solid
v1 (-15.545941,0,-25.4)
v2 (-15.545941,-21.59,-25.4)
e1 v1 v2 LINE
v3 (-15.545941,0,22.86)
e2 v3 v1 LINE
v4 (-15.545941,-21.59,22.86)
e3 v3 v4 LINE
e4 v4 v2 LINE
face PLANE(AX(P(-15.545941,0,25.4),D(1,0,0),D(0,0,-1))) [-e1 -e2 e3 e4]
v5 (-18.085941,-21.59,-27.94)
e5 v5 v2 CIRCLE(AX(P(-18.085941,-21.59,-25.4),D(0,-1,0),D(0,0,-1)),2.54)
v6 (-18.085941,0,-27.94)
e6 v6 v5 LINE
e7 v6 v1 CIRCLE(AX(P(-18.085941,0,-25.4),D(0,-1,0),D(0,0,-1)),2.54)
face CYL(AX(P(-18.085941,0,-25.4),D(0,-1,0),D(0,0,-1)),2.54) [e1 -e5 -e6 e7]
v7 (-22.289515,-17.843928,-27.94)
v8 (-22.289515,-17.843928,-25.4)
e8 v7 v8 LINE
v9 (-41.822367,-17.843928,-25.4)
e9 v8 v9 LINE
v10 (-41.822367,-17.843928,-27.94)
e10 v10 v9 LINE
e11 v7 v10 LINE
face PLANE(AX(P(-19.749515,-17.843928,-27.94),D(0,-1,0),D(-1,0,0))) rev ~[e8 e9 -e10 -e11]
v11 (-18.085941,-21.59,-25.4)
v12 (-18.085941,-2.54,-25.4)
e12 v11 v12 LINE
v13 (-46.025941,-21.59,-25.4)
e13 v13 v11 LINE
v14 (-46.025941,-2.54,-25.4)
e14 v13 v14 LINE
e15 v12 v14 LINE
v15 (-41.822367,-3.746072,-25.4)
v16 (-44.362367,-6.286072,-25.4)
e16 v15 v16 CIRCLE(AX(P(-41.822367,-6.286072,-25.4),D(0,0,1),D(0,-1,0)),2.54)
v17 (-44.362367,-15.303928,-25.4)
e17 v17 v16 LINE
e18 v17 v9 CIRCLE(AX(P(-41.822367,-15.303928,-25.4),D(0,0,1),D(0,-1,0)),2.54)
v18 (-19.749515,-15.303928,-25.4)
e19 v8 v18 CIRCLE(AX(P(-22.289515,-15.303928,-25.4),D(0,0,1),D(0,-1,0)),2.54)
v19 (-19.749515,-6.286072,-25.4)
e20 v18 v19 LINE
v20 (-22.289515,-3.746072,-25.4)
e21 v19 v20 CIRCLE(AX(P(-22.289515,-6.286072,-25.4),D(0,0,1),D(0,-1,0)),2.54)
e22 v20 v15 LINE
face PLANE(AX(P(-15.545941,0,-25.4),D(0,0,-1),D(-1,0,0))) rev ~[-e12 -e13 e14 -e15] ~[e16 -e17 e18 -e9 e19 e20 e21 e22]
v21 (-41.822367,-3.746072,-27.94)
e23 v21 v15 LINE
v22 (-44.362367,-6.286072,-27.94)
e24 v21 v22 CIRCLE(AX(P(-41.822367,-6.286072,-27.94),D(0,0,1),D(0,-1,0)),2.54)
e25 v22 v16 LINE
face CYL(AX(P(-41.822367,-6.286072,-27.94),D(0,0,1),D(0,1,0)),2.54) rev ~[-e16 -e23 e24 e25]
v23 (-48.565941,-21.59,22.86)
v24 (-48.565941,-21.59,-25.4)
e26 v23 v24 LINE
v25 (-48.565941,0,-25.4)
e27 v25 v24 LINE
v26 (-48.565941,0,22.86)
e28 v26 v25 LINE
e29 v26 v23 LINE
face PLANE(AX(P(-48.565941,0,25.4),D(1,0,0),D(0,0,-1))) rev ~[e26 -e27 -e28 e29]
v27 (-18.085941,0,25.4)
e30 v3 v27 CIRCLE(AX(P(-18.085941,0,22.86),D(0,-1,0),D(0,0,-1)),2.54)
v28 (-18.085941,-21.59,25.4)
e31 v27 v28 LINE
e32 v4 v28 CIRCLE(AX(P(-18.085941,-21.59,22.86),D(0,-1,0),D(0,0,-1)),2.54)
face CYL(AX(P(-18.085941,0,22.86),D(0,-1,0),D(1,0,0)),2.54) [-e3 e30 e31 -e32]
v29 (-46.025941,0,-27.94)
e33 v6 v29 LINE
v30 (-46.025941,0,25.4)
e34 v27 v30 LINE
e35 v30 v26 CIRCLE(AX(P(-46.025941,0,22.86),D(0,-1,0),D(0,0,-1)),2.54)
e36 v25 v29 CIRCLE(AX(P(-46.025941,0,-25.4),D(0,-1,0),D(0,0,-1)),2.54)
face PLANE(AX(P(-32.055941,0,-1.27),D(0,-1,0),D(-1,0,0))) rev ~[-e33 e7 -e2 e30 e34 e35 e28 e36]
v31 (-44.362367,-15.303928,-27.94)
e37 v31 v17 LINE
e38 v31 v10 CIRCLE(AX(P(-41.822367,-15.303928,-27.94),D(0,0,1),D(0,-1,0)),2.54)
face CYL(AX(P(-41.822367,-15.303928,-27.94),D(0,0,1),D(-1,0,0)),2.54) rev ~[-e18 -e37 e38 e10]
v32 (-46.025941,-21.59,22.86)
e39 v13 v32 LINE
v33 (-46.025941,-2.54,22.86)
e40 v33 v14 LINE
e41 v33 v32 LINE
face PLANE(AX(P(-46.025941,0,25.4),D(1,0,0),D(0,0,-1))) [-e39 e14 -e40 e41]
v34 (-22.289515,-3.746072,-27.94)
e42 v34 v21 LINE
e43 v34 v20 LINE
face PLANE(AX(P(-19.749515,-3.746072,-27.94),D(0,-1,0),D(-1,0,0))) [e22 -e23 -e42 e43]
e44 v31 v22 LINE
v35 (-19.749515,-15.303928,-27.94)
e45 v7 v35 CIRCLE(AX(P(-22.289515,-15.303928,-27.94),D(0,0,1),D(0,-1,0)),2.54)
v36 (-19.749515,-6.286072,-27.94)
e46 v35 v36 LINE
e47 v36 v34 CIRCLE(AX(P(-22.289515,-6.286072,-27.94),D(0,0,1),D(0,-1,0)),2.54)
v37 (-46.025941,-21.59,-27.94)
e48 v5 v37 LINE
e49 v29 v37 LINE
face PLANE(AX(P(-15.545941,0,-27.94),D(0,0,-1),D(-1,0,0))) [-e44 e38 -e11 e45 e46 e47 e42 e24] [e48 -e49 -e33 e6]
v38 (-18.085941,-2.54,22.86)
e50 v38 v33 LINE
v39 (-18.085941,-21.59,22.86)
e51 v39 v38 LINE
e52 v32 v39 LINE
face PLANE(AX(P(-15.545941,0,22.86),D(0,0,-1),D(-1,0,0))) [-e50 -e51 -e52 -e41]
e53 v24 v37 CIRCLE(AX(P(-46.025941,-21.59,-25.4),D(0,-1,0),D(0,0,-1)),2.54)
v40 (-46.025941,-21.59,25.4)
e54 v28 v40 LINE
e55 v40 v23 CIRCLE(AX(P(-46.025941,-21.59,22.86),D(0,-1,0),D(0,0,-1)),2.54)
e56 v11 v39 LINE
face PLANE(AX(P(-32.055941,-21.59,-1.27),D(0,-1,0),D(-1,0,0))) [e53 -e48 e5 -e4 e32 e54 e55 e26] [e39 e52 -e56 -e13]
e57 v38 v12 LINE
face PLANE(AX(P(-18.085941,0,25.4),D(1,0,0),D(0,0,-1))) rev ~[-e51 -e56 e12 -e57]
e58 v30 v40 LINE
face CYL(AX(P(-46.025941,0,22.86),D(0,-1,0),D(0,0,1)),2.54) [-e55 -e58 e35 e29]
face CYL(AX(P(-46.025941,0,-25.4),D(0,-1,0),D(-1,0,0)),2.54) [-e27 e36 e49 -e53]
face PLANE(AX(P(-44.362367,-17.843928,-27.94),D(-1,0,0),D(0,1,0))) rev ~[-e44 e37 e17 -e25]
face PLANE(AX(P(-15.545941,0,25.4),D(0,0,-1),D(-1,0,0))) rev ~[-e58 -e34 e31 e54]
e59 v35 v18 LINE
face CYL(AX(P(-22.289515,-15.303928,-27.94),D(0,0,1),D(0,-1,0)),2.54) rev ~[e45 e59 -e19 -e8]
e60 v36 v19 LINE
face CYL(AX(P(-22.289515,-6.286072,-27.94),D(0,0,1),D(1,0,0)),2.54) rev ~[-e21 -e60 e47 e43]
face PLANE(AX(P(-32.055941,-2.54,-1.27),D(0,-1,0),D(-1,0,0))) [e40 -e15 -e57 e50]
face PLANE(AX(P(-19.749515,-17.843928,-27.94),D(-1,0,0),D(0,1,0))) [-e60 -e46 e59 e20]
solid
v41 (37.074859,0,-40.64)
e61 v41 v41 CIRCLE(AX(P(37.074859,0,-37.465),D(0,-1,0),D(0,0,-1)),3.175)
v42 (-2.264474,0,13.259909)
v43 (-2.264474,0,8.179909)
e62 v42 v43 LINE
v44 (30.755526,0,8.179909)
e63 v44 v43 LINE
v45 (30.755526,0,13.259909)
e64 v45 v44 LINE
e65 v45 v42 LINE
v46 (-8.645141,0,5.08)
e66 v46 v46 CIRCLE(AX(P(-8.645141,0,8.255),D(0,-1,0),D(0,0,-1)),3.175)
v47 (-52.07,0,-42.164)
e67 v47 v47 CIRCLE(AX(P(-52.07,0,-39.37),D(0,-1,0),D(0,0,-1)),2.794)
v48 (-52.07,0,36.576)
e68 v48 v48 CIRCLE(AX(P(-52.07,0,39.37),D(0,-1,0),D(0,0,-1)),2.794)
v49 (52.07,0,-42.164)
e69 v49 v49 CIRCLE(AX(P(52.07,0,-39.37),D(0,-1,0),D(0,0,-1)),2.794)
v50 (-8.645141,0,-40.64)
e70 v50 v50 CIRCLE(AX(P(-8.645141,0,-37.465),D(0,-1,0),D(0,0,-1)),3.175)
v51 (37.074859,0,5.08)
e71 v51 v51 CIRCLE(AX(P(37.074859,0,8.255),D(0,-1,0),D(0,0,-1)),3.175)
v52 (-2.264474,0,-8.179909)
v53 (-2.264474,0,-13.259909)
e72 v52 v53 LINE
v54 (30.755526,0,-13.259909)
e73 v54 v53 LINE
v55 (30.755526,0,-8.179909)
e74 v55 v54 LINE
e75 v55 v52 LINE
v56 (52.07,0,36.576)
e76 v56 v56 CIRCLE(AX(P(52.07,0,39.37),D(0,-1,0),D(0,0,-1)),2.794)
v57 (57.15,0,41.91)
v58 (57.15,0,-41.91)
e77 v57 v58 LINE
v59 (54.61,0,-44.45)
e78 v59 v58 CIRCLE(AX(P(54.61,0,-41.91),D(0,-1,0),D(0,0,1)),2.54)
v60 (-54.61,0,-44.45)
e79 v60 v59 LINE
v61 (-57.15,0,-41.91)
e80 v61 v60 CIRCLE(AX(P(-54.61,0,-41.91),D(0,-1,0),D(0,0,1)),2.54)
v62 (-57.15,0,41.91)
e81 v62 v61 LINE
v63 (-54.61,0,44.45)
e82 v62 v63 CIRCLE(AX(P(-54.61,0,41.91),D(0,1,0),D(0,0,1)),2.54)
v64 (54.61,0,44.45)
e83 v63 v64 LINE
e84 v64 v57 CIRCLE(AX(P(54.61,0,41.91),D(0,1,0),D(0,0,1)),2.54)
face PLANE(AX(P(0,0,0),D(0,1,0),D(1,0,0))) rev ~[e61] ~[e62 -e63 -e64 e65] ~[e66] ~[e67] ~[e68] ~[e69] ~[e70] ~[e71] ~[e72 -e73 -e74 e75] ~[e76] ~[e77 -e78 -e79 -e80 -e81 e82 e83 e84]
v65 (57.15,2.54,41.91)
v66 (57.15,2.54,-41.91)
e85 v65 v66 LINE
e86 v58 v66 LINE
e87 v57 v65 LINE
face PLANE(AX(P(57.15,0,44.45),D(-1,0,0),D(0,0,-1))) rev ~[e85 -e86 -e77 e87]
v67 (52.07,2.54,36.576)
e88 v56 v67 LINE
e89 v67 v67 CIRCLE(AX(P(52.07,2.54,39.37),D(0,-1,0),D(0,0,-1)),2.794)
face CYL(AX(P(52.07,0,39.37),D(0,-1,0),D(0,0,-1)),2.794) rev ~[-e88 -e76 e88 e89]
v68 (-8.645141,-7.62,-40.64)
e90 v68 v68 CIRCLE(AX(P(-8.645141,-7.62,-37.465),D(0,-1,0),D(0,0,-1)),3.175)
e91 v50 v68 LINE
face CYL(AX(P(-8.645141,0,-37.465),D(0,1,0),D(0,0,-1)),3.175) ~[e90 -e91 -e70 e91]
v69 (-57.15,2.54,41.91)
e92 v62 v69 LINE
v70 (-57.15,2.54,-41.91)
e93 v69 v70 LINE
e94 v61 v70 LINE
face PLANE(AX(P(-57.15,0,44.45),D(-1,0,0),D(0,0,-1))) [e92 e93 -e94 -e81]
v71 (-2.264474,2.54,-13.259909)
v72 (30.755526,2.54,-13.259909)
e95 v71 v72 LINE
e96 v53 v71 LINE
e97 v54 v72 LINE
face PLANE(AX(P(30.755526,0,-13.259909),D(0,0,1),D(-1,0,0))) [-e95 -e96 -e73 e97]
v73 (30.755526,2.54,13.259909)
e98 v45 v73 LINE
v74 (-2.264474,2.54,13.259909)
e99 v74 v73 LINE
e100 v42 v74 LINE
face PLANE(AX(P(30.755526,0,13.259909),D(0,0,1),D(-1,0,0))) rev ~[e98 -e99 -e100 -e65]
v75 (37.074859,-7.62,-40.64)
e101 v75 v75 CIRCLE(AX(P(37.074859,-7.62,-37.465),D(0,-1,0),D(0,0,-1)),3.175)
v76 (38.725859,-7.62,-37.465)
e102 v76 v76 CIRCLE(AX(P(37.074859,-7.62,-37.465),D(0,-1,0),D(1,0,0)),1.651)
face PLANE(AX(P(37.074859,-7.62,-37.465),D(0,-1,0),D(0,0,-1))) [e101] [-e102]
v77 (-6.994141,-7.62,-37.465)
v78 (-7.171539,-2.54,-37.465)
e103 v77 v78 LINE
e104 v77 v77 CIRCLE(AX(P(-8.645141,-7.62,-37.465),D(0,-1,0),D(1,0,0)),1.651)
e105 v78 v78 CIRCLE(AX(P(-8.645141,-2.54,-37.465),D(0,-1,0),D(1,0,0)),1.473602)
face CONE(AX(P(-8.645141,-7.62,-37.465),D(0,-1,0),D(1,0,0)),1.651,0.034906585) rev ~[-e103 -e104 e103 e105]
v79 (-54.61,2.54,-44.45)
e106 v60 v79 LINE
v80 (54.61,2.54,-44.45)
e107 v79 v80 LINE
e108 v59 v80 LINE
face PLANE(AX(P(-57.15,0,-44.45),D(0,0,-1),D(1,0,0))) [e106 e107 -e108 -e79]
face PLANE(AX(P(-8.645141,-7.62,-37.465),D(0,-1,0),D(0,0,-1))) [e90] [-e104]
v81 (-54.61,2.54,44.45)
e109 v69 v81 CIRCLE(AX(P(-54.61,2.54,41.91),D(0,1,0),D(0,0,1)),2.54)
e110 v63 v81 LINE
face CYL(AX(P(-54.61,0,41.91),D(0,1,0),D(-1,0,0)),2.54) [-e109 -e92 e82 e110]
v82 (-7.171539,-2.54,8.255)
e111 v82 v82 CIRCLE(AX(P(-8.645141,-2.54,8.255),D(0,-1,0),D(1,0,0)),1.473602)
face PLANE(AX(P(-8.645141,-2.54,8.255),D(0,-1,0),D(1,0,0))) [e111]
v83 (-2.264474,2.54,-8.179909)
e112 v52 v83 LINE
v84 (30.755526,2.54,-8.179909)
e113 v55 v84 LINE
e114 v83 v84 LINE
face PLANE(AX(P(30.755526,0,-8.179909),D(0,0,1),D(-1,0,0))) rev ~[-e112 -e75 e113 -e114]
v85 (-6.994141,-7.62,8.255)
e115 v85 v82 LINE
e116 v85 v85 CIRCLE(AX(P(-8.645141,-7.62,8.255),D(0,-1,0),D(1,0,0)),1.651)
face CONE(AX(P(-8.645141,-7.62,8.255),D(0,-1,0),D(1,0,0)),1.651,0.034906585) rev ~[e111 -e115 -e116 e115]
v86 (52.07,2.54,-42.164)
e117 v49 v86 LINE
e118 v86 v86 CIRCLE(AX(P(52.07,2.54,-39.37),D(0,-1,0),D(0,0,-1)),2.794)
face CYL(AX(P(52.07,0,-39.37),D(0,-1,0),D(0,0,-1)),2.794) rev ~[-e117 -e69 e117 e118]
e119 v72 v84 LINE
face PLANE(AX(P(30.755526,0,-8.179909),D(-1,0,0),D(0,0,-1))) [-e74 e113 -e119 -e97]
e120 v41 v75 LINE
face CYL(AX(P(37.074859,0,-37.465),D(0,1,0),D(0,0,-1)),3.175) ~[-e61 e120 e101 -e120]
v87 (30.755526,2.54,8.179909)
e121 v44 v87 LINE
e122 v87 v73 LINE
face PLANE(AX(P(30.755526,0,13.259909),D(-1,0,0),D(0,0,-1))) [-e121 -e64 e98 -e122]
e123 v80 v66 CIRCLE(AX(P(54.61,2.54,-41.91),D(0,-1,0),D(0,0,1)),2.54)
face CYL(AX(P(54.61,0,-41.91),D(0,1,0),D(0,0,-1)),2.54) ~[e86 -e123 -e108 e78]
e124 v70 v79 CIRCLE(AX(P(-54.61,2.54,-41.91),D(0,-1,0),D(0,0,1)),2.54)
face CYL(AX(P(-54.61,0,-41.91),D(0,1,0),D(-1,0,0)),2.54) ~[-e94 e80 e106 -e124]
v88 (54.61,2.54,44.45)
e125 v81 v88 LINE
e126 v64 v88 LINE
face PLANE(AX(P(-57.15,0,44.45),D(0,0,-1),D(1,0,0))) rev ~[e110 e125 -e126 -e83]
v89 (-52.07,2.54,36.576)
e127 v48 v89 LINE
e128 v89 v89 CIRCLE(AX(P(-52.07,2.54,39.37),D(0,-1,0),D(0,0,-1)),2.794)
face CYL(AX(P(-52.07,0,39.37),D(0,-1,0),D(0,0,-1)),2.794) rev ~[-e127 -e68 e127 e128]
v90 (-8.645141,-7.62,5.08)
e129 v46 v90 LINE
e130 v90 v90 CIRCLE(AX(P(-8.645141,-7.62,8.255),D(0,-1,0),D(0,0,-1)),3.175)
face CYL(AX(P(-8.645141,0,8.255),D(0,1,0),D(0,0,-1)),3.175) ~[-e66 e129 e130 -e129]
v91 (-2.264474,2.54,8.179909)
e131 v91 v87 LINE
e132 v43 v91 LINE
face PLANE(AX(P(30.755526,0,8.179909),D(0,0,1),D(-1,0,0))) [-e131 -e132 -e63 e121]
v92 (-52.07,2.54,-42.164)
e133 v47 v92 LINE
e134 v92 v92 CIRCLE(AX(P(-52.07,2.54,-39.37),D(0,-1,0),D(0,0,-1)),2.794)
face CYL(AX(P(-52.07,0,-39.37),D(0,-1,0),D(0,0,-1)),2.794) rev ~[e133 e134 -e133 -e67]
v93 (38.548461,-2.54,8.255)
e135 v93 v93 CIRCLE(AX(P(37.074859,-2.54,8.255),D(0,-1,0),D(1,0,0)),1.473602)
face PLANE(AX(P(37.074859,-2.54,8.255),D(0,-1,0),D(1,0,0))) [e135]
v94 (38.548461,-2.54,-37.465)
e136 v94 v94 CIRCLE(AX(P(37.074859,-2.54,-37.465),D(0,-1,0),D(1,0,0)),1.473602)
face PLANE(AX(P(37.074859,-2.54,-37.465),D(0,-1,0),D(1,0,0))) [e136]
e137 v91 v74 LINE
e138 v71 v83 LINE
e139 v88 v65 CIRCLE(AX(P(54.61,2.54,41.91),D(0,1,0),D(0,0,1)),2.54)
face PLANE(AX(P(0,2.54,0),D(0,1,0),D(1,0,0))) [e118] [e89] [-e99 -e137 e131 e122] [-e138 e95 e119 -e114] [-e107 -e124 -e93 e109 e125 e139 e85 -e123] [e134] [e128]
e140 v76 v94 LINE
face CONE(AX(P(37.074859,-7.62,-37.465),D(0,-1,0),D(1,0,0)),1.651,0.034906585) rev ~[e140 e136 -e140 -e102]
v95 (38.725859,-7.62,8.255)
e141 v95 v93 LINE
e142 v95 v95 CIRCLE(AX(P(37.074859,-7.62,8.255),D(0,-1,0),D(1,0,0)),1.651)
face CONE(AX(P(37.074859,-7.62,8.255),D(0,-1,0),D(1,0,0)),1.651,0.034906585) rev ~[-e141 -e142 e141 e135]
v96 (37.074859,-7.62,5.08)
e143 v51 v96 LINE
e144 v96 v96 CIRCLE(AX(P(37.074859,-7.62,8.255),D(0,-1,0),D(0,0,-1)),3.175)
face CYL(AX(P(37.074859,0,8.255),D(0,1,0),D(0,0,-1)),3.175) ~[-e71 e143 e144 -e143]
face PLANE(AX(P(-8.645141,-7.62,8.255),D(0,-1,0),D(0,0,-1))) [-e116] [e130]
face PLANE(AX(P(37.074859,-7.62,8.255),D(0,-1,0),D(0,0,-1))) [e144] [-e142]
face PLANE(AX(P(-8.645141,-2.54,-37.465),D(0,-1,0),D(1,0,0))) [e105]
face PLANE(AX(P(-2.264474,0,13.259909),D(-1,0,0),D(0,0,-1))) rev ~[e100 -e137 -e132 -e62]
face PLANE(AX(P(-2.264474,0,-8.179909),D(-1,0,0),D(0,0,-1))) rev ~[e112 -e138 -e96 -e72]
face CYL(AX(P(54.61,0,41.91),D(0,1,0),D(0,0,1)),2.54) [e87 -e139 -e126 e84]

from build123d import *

# Parameters (mm, degrees)
SKETCH1_W                    = 114.3
SKETCH1_H                    = 88.9
BOSS_EXTRUDE2_DEPTH          = 2.54
SKETCH2_R                    = 2.794
CUT_EXTRUDE1_DEPTH           = 5.08
SKETCH9_W                    = 33.02
SKETCH9_H                    = 5.08
CUT_EXTRUDE5_DEPTH           = 6.35
SKETCH8_W                    = 33.02
SKETCH8_H                    = 53.34
BOSS_EXTRUDE4_DEPTH          = 21.59
SHELL4_T                     = -2.54
SKETCH13_W                   = 24.612851837
SKETCH13_H                   = 14.097856124
CUT_EXTRUDE6_DEPTH           = 5.08
FILLET5_R                    = 2.54
FILLET6_R                    = 2.54
FILLET7_R                    = 2.54
FILLET8_R                    = 2.54
FILLET1_R                    = 2.54
FILLET2_R                    = 2.54
FILLET3_R                    = 2.54
FILLET4_R                    = 2.54
FILLET9_R                    = 2.54
FILLET10_R                   = 2.54
FILLET11_R                   = 2.54
FILLET12_R                   = 2.54
SKETCH17_R                   = 3.175
BOSS_EXTRUDE5_DEPTH          = 7.62
SKETCH18_R                   = 1.651
CUT_EXTRUDE7_DEPTH           = 5.08
CUT_EXTRUDE7_DRAFT           = -2
CUT_EXTRUDE7_PROFILE_2_DEPTH = 5.08
CUT_EXTRUDE7_PROFILE_2_DRAFT = -2
CUT_EXTRUDE7_PROFILE_3_DEPTH = 5.08
CUT_EXTRUDE7_PROFILE_3_DRAFT = -2
CUT_EXTRUDE7_PROFILE_4_DEPTH = 5.08
CUT_EXTRUDE7_PROFILE_4_DRAFT = -2


with BuildPart() as part:
    # Sketch1 → Boss-Extrude2 (new body)
    with BuildSketch(Plane(origin=(0, 0, 0), x_dir=(1, 0, 0), z_dir=(0, 1, 0))):
        Rectangle(SKETCH1_W, SKETCH1_H)
    extrude(amount=BOSS_EXTRUDE2_DEPTH)

    # Sketch2 → Cut-Extrude1 (cut)
    with BuildSketch(Plane(origin=(0, 0, 0), x_dir=(-1, 0, 0), z_dir=(0, -1, 0))):
        with Locations(Location((52.07, 39.37, 0), (0, 0, 90))):
            Circle(SKETCH2_R)
        with Locations(Location((52.07, -39.37, 0), (0, 0, 90))):
            Circle(SKETCH2_R)
        with Locations(Location((-52.07, -39.37, 0), (0, 0, 90))):
            Circle(SKETCH2_R)
        with Locations(Location((-52.07, 39.37, 0), (0, 0, 90))):
            Circle(SKETCH2_R)
    extrude(amount=-CUT_EXTRUDE1_DEPTH, mode=Mode.SUBTRACT)

    # Sketch9 → Cut-Extrude5 (cut)
    with BuildSketch(Plane(origin=(0, 0, 0), x_dir=(-1, 0, 0), z_dir=(0, -1, 0))):
        with Locations((-14.245526461, -10.719909337)):
            Rectangle(SKETCH9_W, SKETCH9_H)
        with Locations((-14.245526461, 10.719909337)):
            Rectangle(SKETCH9_W, SKETCH9_H)
    extrude(amount=-CUT_EXTRUDE5_DEPTH, mode=Mode.SUBTRACT)

    # Fillet1
    fillet1_edges = [part.edges().sort_by_distance(p)[0] for p in [
        (57.15, 1.27, 44.45),
    ]]
    fillet(fillet1_edges, radius=FILLET1_R)

    # Fillet2
    fillet2_edges = [part.edges().sort_by_distance(p)[0] for p in [
        (-57.15, 1.27, -44.45),
    ]]
    fillet(fillet2_edges, radius=FILLET2_R)

    # Fillet3
    fillet3_edges = [part.edges().sort_by_distance(p)[0] for p in [
        (-57.15, 1.27, 44.45),
    ]]
    fillet(fillet3_edges, radius=FILLET3_R)

    # Fillet4
    fillet4_edges = [part.edges().sort_by_distance(p)[0] for p in [
        (57.15, 1.27, -44.45),
    ]]
    fillet(fillet4_edges, radius=FILLET4_R)

    # Sketch17 → Boss-Extrude5 (add)
    with BuildSketch(Plane(origin=(0, 0, 0), x_dir=(-1, 0, 0), z_dir=(0, -1, 0))):
        with Locations(Location((8.645141255, -8.255, 0), (0, 0, 90))):
            Circle(SKETCH17_R)
        with Locations(Location((8.645141255, 37.465, 0), (0, 0, 90))):
            Circle(SKETCH17_R)
        with Locations(Location((-37.074858745, 37.465, 0), (0, 0, 90))):
            Circle(SKETCH17_R)
        with Locations(Location((-37.074858745, -8.255, 0), (0, 0, 90))):
            Circle(SKETCH17_R)
    extrude(amount=BOSS_EXTRUDE5_DEPTH)


with BuildPart() as body_2:
    # Sketch8 → Boss-Extrude4 (new body)
    with BuildSketch(Plane(origin=(0, 0, 0), x_dir=(-1, 0, 0), z_dir=(0, -1, 0))):
        with Locations((32.055940653, 1.27)):
            Rectangle(SKETCH8_W, SKETCH8_H)
    extrude(amount=BOSS_EXTRUDE4_DEPTH)

    # Shell4
    shell4_openings = [body_2.faces().sort_by_distance(p)[0] for p in [
        (-32.055940653, -21.59, -1.27),
    ]]
    offset(amount=SHELL4_T, openings=shell4_openings, kind=Kind.INTERSECTION)

    # Sketch13 → Cut-Extrude6 (cut)
    with BuildSketch(Plane(origin=(0, 0, -27.94), x_dir=(-1, 0, 0), z_dir=(0, 0, -1))):
        with Locations((32.055940652, -10.795)):
            Rectangle(SKETCH13_W, SKETCH13_H)
    extrude(amount=-CUT_EXTRUDE6_DEPTH, mode=Mode.SUBTRACT)

    # Fillet5
    fillet5_edges = [body_2.edges().sort_by_distance(p)[0] for p in [
        (-19.749514734, -17.843928062, -26.67),
    ]]
    fillet(fillet5_edges, radius=FILLET5_R)

    # Fillet6
    fillet6_edges = [body_2.edges().sort_by_distance(p)[0] for p in [
        (-19.749514734, -3.746071938, -26.67),
    ]]
    fillet(fillet6_edges, radius=FILLET6_R)

    # Fillet7
    fillet7_edges = [body_2.edges().sort_by_distance(p)[0] for p in [
        (-44.362366571, -3.746071938, -26.67),
    ]]
    fillet(fillet7_edges, radius=FILLET7_R)

    # Fillet8
    fillet8_edges = [body_2.edges().sort_by_distance(p)[0] for p in [
        (-44.362366571, -17.843928062, -26.67),
    ]]
    fillet(fillet8_edges, radius=FILLET8_R)

    # Fillet9
    fillet9_edges = [body_2.edges().sort_by_distance(p)[0] for p in [
        (-15.545940653, -10.795, -27.94),
    ]]
    fillet(fillet9_edges, radius=FILLET9_R)

    # Fillet10
    fillet10_edges = [body_2.edges().sort_by_distance(p)[0] for p in [
        (-15.545940653, -10.795, 25.4),
    ]]
    fillet(fillet10_edges, radius=FILLET10_R)

    # Fillet11
    fillet11_edges = [body_2.edges().sort_by_distance(p)[0] for p in [
        (-48.565940653, -10.795, 25.4),
    ]]
    fillet(fillet11_edges, radius=FILLET11_R)

    # Fillet12
    fillet12_edges = [body_2.edges().sort_by_distance(p)[0] for p in [
        (-48.565940653, -10.795, -27.94),
    ]]
    fillet(fillet12_edges, radius=FILLET12_R)


with BuildPart() as cut_extrude7_tool:
    # Sketch18 → Cut-Extrude7 (with draft: the straight prism first)
    with BuildSketch(Plane.XZ.offset(7.62)):
        with Locations((37.074858745, 8.255)):
            Circle(SKETCH18_R)
    extrude(amount=-CUT_EXTRUDE7_DEPTH)
    # Cut-Extrude7: the draft: its side faces are tilted about the plane it starts from
    cut_extrude7_sides = [cut_extrude7_tool.faces().sort_by_distance(p)[0] for p in [
        (35.423858745, -5.08, 8.255),
    ]]
    draft(cut_extrude7_sides, Plane.XZ.offset(7.62), CUT_EXTRUDE7_DRAFT)


with BuildPart() as part_1:
    add(part.part)

    # Cut-Extrude7: cut by cut_extrude7_tool
    add(cut_extrude7_tool.part, mode=Mode.SUBTRACT)


with BuildPart() as cut_extrude7_profile_2_tool:
    # Sketch18 → Cut-Extrude7 profile 2 (with draft: the straight prism first)
    with BuildSketch(Plane.XZ.offset(7.62)):
        with Locations((37.074858745, -37.465)):
            Circle(SKETCH18_R)
    extrude(amount=-CUT_EXTRUDE7_PROFILE_2_DEPTH)
    # Cut-Extrude7 profile 2: the draft: its side faces are tilted about the plane it starts from
    cut_extrude7_profile_2_sides = [cut_extrude7_profile_2_tool.faces().sort_by_distance(p)[0] for p in [
        (35.423858745, -5.08, -37.465),
    ]]
    draft(cut_extrude7_profile_2_sides, Plane.XZ.offset(7.62), CUT_EXTRUDE7_PROFILE_2_DRAFT)


with BuildPart() as part_2:
    add(part_1.part)

    # Cut-Extrude7 profile 2: cut by cut_extrude7_profile_2_tool
    add(cut_extrude7_profile_2_tool.part, mode=Mode.SUBTRACT)


with BuildPart() as cut_extrude7_profile_3_tool:
    # Sketch18 → Cut-Extrude7 profile 3 (with draft: the straight prism first)
    with BuildSketch(Plane.XZ.offset(7.62)):
        with Locations((-8.645141255, -37.465)):
            Circle(SKETCH18_R)
    extrude(amount=-CUT_EXTRUDE7_PROFILE_3_DEPTH)
    # Cut-Extrude7 profile 3: the draft: its side faces are tilted about the plane it starts from
    cut_extrude7_profile_3_sides = [cut_extrude7_profile_3_tool.faces().sort_by_distance(p)[0] for p in [
        (-10.296141255, -5.08, -37.465),
    ]]
    draft(cut_extrude7_profile_3_sides, Plane.XZ.offset(7.62), CUT_EXTRUDE7_PROFILE_3_DRAFT)


with BuildPart() as part_3:
    add(part_2.part)

    # Cut-Extrude7 profile 3: cut by cut_extrude7_profile_3_tool
    add(cut_extrude7_profile_3_tool.part, mode=Mode.SUBTRACT)


with BuildPart() as cut_extrude7_profile_4_tool:
    # Sketch18 → Cut-Extrude7 profile 4 (with draft: the straight prism first)
    with BuildSketch(Plane.XZ.offset(7.62)):
        with Locations((-8.645141255, 8.255)):
            Circle(SKETCH18_R)
    extrude(amount=-CUT_EXTRUDE7_PROFILE_4_DEPTH)
    # Cut-Extrude7 profile 4: the draft: its side faces are tilted about the plane it starts from
    cut_extrude7_profile_4_sides = [cut_extrude7_profile_4_tool.faces().sort_by_distance(p)[0] for p in [
        (-10.296141255, -5.08, 8.255),
    ]]
    draft(cut_extrude7_profile_4_sides, Plane.XZ.offset(7.62), CUT_EXTRUDE7_PROFILE_4_DRAFT)


with BuildPart() as part_4:
    add(part_3.part)

    # Cut-Extrude7 profile 4: cut by cut_extrude7_profile_4_tool
    add(cut_extrude7_profile_4_tool.part, mode=Mode.SUBTRACT)


solid = Compound([body_2.part, part_4.part])
